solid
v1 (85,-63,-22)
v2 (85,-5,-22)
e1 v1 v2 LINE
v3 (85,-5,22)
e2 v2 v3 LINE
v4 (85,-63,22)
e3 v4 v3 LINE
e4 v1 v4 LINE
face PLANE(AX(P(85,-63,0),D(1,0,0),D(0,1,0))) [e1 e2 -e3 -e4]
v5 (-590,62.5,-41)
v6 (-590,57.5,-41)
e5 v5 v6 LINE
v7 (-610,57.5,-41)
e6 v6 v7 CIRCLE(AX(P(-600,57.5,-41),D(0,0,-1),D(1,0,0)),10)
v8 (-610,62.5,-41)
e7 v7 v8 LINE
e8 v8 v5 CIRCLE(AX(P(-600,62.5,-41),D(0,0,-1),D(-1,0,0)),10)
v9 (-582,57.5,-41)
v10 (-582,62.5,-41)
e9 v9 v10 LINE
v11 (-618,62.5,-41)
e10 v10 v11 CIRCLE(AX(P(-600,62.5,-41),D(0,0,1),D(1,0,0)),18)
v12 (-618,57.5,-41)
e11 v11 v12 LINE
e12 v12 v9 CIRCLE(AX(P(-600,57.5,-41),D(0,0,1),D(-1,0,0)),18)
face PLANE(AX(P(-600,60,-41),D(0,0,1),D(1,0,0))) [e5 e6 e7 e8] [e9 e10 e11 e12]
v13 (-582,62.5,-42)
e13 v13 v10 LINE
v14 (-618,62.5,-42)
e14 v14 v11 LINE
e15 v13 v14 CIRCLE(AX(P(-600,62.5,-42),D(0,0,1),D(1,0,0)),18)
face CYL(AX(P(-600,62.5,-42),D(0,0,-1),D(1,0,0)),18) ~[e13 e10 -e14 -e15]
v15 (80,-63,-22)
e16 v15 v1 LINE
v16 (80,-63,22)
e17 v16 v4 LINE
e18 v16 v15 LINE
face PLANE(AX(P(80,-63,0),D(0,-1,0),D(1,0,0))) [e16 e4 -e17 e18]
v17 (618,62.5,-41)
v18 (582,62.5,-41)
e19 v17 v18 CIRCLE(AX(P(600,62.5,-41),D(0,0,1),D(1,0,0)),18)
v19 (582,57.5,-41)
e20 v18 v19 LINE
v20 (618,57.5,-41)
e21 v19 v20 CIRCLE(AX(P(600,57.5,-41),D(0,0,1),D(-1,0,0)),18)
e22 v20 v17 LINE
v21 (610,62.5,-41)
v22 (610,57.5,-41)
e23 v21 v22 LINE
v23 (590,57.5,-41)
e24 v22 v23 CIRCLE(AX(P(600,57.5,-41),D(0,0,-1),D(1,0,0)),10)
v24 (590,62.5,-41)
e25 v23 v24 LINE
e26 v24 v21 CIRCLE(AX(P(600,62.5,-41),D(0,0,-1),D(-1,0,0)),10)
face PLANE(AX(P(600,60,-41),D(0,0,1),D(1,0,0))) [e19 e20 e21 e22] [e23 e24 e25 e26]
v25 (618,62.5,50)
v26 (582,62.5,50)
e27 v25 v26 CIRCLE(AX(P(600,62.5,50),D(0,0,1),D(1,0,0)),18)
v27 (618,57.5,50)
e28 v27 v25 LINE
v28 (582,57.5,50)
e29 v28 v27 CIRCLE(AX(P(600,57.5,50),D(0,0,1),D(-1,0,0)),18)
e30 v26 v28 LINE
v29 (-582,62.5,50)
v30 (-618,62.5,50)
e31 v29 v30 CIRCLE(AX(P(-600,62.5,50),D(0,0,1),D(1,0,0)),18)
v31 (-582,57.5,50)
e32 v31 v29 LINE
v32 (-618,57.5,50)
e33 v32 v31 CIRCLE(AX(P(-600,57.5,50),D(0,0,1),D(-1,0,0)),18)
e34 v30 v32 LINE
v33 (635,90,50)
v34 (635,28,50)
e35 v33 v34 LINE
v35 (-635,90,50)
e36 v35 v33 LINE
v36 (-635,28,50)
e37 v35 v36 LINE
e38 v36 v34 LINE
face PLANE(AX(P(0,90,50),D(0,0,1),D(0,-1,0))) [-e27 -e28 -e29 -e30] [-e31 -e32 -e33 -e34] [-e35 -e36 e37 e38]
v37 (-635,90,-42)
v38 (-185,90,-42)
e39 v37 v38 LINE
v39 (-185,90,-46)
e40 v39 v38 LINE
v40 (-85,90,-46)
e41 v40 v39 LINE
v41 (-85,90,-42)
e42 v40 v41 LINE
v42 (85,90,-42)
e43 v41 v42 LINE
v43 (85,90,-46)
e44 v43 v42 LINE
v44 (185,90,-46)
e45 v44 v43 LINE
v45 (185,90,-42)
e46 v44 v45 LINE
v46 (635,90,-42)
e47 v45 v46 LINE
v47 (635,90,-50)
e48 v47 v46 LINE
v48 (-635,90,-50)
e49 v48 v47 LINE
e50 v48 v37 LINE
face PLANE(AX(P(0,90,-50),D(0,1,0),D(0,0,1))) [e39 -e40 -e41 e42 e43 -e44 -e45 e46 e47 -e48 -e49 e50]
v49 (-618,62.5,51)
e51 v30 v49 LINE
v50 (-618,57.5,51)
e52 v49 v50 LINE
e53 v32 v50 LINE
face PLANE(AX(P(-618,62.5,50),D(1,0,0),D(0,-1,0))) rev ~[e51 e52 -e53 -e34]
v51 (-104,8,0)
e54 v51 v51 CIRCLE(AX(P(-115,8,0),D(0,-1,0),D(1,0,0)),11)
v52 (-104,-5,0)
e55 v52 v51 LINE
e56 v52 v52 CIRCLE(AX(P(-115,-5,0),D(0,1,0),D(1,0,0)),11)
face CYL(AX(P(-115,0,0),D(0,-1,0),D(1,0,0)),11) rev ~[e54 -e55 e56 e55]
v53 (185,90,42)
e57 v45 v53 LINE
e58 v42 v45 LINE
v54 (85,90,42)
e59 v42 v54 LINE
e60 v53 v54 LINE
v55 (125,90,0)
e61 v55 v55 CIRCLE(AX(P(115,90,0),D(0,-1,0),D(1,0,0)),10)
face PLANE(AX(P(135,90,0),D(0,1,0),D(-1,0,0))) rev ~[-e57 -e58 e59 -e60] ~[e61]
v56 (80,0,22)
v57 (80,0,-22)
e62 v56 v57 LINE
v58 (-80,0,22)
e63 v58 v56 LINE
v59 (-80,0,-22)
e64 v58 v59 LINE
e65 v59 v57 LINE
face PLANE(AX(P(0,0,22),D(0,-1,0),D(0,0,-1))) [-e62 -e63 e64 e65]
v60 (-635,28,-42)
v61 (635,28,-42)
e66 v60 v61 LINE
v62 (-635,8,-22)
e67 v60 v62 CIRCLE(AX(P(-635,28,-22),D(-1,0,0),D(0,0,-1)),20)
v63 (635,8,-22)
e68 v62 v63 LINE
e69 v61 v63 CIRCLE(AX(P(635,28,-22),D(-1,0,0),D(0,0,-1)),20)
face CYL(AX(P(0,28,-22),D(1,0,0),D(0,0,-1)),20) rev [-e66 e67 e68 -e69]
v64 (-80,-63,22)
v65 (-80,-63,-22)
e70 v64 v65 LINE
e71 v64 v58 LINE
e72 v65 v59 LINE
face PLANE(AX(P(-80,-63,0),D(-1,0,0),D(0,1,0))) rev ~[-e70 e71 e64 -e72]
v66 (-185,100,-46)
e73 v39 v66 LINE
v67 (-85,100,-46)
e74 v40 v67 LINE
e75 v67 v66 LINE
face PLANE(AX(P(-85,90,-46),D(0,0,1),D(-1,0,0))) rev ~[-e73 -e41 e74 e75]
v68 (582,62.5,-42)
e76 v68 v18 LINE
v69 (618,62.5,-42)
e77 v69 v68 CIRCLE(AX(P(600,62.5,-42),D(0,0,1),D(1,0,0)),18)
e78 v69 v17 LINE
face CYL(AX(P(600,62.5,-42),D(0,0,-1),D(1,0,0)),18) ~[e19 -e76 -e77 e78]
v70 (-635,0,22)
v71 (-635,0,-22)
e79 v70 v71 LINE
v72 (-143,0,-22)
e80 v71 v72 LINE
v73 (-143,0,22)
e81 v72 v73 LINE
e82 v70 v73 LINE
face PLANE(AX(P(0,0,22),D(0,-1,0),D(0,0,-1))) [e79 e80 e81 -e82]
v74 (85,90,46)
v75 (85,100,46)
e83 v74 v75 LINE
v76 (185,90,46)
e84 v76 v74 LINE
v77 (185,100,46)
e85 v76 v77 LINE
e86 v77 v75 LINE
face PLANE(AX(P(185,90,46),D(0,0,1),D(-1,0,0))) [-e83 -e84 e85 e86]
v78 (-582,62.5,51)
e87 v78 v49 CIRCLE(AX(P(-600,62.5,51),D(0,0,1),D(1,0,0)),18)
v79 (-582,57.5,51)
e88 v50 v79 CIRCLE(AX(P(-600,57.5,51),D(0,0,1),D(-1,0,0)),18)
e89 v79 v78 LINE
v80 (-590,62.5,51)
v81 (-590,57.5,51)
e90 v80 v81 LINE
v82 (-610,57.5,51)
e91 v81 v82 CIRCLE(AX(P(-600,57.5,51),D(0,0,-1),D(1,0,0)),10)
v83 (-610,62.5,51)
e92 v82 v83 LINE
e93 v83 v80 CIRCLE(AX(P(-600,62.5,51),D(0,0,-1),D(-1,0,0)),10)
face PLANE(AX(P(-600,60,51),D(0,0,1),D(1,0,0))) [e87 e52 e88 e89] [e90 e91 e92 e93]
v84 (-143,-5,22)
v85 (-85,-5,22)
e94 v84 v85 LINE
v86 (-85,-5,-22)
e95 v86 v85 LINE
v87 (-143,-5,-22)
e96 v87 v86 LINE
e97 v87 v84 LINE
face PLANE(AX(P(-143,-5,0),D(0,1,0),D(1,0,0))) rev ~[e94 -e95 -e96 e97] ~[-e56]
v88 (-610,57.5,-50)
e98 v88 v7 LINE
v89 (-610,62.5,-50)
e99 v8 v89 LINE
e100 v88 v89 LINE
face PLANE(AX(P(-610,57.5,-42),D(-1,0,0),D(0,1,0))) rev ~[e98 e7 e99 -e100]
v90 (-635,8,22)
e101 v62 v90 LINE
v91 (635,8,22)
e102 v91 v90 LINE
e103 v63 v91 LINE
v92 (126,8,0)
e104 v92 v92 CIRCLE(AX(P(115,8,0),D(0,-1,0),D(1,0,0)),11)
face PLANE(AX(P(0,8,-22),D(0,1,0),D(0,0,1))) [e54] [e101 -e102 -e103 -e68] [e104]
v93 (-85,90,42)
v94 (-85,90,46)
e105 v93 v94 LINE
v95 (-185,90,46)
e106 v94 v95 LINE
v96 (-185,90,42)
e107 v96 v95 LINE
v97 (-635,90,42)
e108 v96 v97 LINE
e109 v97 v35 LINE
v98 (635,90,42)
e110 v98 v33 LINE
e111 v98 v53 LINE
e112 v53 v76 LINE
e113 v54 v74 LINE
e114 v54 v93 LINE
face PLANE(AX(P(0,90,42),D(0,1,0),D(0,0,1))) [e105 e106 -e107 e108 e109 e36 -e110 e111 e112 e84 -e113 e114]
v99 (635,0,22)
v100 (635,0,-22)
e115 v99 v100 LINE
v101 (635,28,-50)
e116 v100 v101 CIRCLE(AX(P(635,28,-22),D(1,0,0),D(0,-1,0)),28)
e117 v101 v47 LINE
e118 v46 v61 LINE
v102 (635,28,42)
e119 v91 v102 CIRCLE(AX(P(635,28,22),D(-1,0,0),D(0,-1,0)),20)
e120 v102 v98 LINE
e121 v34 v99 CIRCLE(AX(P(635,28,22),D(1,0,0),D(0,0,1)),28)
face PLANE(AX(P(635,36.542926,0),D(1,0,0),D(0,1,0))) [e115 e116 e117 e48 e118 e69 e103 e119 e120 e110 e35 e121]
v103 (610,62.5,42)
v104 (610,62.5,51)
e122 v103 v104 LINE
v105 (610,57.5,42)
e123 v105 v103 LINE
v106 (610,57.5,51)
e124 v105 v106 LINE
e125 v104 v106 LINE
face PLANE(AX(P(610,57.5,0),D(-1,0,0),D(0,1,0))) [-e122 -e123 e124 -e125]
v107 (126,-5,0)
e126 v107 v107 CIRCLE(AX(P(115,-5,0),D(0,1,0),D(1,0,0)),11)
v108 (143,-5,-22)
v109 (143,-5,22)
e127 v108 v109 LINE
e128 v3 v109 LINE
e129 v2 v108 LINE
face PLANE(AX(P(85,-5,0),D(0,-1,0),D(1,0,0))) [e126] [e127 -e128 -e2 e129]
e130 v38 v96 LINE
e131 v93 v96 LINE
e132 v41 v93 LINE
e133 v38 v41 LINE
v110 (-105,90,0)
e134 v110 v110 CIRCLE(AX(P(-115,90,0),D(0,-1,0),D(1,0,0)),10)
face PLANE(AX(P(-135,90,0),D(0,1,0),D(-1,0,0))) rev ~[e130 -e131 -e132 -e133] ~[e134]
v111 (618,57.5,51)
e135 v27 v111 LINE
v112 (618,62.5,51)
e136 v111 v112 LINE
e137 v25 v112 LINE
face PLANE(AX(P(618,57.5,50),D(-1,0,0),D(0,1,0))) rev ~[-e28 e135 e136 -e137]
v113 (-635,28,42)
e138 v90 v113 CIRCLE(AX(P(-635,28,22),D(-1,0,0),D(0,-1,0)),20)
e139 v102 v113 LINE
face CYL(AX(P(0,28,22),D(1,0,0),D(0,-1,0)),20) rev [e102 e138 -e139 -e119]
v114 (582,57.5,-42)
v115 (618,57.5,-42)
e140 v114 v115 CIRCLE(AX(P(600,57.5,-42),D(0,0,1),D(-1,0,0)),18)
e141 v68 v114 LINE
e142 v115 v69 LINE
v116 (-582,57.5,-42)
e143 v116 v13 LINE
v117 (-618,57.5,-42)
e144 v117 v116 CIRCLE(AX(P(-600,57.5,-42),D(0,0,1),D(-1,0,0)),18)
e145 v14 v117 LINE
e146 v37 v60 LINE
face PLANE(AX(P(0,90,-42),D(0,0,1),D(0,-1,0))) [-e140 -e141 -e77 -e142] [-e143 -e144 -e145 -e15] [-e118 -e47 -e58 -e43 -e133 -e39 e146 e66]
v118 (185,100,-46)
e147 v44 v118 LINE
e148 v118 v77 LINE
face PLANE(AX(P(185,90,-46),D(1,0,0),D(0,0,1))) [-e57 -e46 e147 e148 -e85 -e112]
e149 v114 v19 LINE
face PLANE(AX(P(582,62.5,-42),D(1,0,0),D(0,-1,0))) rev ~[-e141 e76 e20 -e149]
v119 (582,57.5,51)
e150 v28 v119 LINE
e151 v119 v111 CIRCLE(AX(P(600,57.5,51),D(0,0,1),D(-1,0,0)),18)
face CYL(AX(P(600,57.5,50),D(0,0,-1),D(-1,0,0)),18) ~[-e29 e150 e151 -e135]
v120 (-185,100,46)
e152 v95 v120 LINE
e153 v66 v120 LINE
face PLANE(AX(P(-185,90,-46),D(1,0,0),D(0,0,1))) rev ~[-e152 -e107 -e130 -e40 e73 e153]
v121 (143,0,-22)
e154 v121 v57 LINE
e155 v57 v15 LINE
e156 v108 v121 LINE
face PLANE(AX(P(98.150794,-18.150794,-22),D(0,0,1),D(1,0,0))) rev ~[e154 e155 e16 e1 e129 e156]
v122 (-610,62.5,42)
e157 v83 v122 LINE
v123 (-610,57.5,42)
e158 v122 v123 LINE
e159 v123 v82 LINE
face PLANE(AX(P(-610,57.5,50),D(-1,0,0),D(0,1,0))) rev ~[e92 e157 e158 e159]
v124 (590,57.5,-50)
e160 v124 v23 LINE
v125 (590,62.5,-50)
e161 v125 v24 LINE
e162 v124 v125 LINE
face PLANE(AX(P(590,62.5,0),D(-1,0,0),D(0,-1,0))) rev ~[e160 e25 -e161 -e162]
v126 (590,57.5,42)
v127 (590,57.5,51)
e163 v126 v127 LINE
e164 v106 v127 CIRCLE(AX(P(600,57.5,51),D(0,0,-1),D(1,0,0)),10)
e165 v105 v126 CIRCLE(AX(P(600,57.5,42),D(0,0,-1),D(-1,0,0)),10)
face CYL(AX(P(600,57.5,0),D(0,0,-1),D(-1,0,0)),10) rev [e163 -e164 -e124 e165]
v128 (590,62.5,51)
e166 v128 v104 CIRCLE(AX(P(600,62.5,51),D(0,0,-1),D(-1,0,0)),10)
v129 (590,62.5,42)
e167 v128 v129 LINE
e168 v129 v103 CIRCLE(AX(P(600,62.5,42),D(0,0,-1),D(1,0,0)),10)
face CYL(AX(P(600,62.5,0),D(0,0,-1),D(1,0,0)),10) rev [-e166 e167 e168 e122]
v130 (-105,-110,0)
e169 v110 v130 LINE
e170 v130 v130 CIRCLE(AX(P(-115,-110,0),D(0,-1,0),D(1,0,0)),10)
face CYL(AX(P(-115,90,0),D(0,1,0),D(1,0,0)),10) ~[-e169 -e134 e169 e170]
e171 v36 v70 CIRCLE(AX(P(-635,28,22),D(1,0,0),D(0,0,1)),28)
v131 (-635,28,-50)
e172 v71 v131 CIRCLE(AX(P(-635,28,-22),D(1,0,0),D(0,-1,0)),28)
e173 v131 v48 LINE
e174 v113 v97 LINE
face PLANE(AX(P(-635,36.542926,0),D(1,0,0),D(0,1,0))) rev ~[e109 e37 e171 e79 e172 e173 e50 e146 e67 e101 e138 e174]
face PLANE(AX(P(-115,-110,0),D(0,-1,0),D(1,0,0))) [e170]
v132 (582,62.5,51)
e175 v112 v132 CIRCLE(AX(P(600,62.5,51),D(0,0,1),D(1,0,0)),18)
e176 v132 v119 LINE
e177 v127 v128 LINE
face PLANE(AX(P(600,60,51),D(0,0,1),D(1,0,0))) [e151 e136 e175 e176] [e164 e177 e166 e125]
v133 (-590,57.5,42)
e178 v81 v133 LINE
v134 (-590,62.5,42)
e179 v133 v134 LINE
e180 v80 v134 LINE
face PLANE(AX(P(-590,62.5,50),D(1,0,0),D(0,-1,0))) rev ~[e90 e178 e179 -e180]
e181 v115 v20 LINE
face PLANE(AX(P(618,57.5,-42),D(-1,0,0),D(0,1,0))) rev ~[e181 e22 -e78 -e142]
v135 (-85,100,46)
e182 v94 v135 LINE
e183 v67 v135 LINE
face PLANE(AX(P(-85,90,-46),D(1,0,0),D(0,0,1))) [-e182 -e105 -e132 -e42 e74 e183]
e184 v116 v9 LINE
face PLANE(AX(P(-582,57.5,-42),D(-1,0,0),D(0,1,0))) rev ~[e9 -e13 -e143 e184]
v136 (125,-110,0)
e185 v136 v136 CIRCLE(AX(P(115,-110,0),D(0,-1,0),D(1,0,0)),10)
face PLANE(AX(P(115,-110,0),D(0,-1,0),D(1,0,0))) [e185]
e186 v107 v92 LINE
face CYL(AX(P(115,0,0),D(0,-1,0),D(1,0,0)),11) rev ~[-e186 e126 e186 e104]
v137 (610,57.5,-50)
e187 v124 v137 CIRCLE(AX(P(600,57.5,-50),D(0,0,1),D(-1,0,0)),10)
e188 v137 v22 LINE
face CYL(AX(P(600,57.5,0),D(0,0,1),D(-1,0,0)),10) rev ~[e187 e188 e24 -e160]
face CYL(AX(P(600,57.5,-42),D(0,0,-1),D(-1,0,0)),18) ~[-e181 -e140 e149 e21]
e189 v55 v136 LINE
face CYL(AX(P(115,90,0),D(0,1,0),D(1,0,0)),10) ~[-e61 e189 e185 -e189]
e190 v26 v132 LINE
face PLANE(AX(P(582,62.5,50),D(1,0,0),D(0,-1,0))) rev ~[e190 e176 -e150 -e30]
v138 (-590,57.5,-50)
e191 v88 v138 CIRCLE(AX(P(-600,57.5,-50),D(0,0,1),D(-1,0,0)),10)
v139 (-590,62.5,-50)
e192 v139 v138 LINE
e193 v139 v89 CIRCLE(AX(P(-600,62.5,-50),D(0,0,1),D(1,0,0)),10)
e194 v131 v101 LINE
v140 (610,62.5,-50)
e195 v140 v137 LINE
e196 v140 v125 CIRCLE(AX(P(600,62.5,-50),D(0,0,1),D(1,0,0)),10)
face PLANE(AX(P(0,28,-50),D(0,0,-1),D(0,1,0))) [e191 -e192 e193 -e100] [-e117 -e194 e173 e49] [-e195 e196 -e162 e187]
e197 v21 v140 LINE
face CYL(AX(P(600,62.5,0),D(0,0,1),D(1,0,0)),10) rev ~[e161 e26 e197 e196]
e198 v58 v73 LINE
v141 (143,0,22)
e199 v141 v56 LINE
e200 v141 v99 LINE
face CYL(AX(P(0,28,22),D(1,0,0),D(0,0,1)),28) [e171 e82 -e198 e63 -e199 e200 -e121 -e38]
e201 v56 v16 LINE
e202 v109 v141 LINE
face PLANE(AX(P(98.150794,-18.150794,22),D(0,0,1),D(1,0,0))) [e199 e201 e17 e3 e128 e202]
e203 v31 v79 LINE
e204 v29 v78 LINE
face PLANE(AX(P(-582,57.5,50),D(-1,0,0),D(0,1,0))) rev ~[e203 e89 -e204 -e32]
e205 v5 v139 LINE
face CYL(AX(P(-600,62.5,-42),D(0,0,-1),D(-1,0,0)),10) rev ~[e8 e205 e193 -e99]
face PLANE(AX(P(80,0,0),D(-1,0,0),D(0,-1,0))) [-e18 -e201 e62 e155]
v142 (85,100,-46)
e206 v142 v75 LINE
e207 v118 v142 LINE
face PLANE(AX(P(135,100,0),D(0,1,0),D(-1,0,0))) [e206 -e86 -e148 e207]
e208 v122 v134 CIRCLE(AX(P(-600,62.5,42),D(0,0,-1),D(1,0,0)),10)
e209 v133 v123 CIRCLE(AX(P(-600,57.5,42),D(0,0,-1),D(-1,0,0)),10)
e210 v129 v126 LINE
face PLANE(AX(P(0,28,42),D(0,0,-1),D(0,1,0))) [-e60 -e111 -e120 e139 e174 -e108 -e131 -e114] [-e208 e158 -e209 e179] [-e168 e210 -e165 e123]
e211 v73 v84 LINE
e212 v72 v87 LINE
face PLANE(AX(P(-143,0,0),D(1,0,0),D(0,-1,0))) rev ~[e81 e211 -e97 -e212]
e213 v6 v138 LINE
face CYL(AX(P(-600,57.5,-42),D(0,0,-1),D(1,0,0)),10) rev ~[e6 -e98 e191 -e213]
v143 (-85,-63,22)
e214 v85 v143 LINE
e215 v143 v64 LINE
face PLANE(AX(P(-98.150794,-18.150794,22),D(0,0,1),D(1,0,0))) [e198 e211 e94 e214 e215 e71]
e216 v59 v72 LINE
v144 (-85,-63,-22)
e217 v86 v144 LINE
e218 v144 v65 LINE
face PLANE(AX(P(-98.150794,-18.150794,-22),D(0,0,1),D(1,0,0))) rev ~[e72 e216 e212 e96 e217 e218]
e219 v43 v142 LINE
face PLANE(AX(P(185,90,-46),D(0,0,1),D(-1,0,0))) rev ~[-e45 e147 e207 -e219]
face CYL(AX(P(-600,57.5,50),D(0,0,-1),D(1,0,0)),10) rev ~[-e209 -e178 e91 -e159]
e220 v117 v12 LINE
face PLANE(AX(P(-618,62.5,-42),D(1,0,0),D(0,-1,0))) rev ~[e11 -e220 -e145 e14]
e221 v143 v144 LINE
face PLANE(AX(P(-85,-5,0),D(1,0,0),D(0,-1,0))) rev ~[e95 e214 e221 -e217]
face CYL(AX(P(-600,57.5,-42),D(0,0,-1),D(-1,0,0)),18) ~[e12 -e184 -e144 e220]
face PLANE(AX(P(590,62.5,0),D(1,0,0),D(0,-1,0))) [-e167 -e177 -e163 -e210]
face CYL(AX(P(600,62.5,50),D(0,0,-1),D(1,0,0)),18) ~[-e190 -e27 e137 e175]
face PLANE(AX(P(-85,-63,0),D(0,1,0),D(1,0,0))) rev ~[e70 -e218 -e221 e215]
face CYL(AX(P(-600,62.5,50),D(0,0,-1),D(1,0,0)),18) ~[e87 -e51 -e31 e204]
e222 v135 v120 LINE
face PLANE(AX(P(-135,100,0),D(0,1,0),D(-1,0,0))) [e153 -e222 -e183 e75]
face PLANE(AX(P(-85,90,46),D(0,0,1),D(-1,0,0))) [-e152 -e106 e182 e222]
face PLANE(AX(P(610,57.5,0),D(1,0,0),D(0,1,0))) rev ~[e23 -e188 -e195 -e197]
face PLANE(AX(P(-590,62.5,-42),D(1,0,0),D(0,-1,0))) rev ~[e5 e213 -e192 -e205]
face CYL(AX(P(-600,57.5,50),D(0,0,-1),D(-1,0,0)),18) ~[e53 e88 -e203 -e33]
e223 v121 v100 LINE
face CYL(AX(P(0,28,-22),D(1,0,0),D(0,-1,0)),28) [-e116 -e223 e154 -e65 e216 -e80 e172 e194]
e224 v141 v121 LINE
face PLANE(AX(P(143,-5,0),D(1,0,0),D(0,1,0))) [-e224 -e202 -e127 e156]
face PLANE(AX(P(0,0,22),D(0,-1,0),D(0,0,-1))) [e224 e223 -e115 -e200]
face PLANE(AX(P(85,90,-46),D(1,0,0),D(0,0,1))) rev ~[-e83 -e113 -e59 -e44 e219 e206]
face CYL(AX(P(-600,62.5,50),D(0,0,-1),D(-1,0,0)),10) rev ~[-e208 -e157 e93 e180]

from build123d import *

# Parameters (mm, degrees)
F1_DEPTH      = 635
F3_DEPTH      = 22
F4_W          = 100
F4_H          = 92
F5_DEPTH      = 10
F6_R          = 11
F7_DEPTH      = 8
F7_DEPTH_BACK = 63.001
F9_DEPTH      = 50.001
F9_DEPTH_BACK = 50.001
F11_DEPTH     = 1
F13_DEPTH     = 1
F14_R         = 10
F15_DEPTH     = 200


with BuildPart() as f1:
    # F0 (on Right) → F1 (new body, symmetric)
    with BuildSketch(Plane.YZ):
        with BuildLine():
            Line((90, 42), (90, 50))
            Line((90, 50), (28, 50))
            ThreePointArc((28, 50), (8.2010101268, 41.7989898732), (0, 22))
            Line((0, 22), (0, -22))
            ThreePointArc((0, -22), (8.2010101268, -41.7989898732), (28, -50))
            Line((28, -50), (90, -50))
            Line((90, -50), (90, -42))
            Line((90, -42), (28, -42))
            ThreePointArc((28, -42), (13.8578643763, -36.1421356237), (8, -22))
            Line((8, -22), (8, 22))
            ThreePointArc((8, 22), (13.8578643763, 36.1421356237), (28, 42))
            Line((28, 42), (90, 42))
        make_face()
    extrude(amount=F1_DEPTH, both=True)

    # F2 (on Top) → F3 (join, symmetric)
    with BuildSketch(Plane.XY):
        Polygon((-80, 0), (-143, 0), (-143, -5), (-85, -5), (-85, -63), (-80, -63), align=None)
        Polygon((80, -63), (85, -63), (85, -5), (143, -5), (143, 0), (80, 0), align=None)
    extrude(amount=F3_DEPTH, both=True)

    # F4 (on face) → F5 (join)
    with BuildSketch(Plane(origin=(0, 90, 0), x_dir=(-1, 0, 0), z_dir=(0, 1, 0))):
        with Locations((-135, 0)):
            Rectangle(F4_W, F4_H)
        with Locations((135, 0)):
            Rectangle(F4_W, F4_H)
    extrude(amount=F5_DEPTH)

    # F6 (on Front) → F7 (cut, two sides)
    with BuildSketch(Plane.XZ) as f7_sk:
        with Locations((-115, 0)):
            Circle(F6_R)
        with Locations((115, 0)):
            Circle(F6_R)
    extrude(amount=-F7_DEPTH, mode=Mode.SUBTRACT)
    extrude(f7_sk.sketch, amount=F7_DEPTH_BACK, mode=Mode.SUBTRACT)

    # F8 (on Top) → F9 (cut, two sides)
    with BuildSketch(Plane.XY) as f9_sk:
        with BuildLine():
            Line((-590, 57.5), (-590, 62.5))
            ThreePointArc((-590, 62.5), (-600, 72.5), (-610, 62.5))
            Line((-610, 62.5), (-610, 57.5))
            ThreePointArc((-610, 57.5), (-600, 47.5), (-590, 57.5))
        make_face()
        with BuildLine():
            ThreePointArc((610, 62.5), (600, 72.5), (590, 62.5))
            Line((590, 62.5), (590, 57.5))
            ThreePointArc((590, 57.5), (600, 47.5), (610, 57.5))
            Line((610, 57.5), (610, 62.5))
        make_face()
    extrude(amount=F9_DEPTH, mode=Mode.SUBTRACT)
    extrude(f9_sk.sketch, amount=-F9_DEPTH_BACK, mode=Mode.SUBTRACT)

    # F10 (on face) → F11 (join)
    with BuildSketch(Plane.XY.offset(50)):
        with BuildLine():
            Line((-582, 57.5), (-582, 62.5))
            ThreePointArc((-582, 62.5), (-600, 80.5), (-618, 62.5))
            Line((-618, 62.5), (-618, 57.5))
            ThreePointArc((-618, 57.5), (-600, 39.5), (-582, 57.5))
        make_face()
        with BuildLine():
            Line((-610, 57.5), (-610, 62.5))
            ThreePointArc((-610, 62.5), (-600, 72.5), (-590, 62.5))
            Line((-590, 62.5), (-590, 57.5))
            ThreePointArc((-590, 57.5), (-600, 47.5), (-610, 57.5))
        make_face(mode=Mode.SUBTRACT)
        with BuildLine():
            Line((618, 57.5), (618, 62.5))
            ThreePointArc((618, 62.5), (600, 80.5), (582, 62.5))
            Line((582, 62.5), (582, 57.5))
            ThreePointArc((582, 57.5), (600, 39.5), (618, 57.5))
        make_face()
        with BuildLine():
            ThreePointArc((610, 57.5), (600, 47.5), (590, 57.5))
            Line((590, 57.5), (590, 62.5))
            ThreePointArc((590, 62.5), (600, 72.5), (610, 62.5))
            Line((610, 62.5), (610, 57.5))
        make_face(mode=Mode.SUBTRACT)
    extrude(amount=F11_DEPTH)

    # F12 (on face) → F13 (join)
    with BuildSketch(Plane.XY.offset(-42)):
        with BuildLine():
            ThreePointArc((-582, 62.5), (-600, 80.5), (-618, 62.5))
            Line((-618, 62.5), (-618, 57.5))
            ThreePointArc((-618, 57.5), (-600, 39.5), (-582, 57.5))
            Line((-582, 57.5), (-582, 62.5))
        make_face()
        with BuildLine():
            Line((-610, 57.5), (-610, 62.5))
            ThreePointArc((-610, 62.5), (-600, 72.5), (-590, 62.5))
            Line((-590, 62.5), (-590, 57.5))
            ThreePointArc((-590, 57.5), (-600, 47.5), (-610, 57.5))
        make_face(mode=Mode.SUBTRACT)
        with BuildLine():
            ThreePointArc((618, 62.5), (600, 80.5), (582, 62.5))
            Line((582, 62.5), (582, 57.5))
            ThreePointArc((582, 57.5), (600, 39.5), (618, 57.5))
            Line((618, 57.5), (618, 62.5))
        make_face()
        with BuildLine():
            ThreePointArc((590, 62.5), (600, 72.5), (610, 62.5))
            Line((610, 62.5), (610, 57.5))
            ThreePointArc((610, 57.5), (600, 47.5), (590, 57.5))
            Line((590, 57.5), (590, 62.5))
        make_face(mode=Mode.SUBTRACT)
    extrude(amount=F13_DEPTH)

    # F14 (on face) → F15 (join)
    with BuildSketch(Plane.XZ.offset(-90)):
        with Locations((-115, 0)):
            Circle(F14_R)
        with Locations((115, 0)):
            Circle(F14_R)
    extrude(amount=F15_DEPTH)


solid = f1.part
